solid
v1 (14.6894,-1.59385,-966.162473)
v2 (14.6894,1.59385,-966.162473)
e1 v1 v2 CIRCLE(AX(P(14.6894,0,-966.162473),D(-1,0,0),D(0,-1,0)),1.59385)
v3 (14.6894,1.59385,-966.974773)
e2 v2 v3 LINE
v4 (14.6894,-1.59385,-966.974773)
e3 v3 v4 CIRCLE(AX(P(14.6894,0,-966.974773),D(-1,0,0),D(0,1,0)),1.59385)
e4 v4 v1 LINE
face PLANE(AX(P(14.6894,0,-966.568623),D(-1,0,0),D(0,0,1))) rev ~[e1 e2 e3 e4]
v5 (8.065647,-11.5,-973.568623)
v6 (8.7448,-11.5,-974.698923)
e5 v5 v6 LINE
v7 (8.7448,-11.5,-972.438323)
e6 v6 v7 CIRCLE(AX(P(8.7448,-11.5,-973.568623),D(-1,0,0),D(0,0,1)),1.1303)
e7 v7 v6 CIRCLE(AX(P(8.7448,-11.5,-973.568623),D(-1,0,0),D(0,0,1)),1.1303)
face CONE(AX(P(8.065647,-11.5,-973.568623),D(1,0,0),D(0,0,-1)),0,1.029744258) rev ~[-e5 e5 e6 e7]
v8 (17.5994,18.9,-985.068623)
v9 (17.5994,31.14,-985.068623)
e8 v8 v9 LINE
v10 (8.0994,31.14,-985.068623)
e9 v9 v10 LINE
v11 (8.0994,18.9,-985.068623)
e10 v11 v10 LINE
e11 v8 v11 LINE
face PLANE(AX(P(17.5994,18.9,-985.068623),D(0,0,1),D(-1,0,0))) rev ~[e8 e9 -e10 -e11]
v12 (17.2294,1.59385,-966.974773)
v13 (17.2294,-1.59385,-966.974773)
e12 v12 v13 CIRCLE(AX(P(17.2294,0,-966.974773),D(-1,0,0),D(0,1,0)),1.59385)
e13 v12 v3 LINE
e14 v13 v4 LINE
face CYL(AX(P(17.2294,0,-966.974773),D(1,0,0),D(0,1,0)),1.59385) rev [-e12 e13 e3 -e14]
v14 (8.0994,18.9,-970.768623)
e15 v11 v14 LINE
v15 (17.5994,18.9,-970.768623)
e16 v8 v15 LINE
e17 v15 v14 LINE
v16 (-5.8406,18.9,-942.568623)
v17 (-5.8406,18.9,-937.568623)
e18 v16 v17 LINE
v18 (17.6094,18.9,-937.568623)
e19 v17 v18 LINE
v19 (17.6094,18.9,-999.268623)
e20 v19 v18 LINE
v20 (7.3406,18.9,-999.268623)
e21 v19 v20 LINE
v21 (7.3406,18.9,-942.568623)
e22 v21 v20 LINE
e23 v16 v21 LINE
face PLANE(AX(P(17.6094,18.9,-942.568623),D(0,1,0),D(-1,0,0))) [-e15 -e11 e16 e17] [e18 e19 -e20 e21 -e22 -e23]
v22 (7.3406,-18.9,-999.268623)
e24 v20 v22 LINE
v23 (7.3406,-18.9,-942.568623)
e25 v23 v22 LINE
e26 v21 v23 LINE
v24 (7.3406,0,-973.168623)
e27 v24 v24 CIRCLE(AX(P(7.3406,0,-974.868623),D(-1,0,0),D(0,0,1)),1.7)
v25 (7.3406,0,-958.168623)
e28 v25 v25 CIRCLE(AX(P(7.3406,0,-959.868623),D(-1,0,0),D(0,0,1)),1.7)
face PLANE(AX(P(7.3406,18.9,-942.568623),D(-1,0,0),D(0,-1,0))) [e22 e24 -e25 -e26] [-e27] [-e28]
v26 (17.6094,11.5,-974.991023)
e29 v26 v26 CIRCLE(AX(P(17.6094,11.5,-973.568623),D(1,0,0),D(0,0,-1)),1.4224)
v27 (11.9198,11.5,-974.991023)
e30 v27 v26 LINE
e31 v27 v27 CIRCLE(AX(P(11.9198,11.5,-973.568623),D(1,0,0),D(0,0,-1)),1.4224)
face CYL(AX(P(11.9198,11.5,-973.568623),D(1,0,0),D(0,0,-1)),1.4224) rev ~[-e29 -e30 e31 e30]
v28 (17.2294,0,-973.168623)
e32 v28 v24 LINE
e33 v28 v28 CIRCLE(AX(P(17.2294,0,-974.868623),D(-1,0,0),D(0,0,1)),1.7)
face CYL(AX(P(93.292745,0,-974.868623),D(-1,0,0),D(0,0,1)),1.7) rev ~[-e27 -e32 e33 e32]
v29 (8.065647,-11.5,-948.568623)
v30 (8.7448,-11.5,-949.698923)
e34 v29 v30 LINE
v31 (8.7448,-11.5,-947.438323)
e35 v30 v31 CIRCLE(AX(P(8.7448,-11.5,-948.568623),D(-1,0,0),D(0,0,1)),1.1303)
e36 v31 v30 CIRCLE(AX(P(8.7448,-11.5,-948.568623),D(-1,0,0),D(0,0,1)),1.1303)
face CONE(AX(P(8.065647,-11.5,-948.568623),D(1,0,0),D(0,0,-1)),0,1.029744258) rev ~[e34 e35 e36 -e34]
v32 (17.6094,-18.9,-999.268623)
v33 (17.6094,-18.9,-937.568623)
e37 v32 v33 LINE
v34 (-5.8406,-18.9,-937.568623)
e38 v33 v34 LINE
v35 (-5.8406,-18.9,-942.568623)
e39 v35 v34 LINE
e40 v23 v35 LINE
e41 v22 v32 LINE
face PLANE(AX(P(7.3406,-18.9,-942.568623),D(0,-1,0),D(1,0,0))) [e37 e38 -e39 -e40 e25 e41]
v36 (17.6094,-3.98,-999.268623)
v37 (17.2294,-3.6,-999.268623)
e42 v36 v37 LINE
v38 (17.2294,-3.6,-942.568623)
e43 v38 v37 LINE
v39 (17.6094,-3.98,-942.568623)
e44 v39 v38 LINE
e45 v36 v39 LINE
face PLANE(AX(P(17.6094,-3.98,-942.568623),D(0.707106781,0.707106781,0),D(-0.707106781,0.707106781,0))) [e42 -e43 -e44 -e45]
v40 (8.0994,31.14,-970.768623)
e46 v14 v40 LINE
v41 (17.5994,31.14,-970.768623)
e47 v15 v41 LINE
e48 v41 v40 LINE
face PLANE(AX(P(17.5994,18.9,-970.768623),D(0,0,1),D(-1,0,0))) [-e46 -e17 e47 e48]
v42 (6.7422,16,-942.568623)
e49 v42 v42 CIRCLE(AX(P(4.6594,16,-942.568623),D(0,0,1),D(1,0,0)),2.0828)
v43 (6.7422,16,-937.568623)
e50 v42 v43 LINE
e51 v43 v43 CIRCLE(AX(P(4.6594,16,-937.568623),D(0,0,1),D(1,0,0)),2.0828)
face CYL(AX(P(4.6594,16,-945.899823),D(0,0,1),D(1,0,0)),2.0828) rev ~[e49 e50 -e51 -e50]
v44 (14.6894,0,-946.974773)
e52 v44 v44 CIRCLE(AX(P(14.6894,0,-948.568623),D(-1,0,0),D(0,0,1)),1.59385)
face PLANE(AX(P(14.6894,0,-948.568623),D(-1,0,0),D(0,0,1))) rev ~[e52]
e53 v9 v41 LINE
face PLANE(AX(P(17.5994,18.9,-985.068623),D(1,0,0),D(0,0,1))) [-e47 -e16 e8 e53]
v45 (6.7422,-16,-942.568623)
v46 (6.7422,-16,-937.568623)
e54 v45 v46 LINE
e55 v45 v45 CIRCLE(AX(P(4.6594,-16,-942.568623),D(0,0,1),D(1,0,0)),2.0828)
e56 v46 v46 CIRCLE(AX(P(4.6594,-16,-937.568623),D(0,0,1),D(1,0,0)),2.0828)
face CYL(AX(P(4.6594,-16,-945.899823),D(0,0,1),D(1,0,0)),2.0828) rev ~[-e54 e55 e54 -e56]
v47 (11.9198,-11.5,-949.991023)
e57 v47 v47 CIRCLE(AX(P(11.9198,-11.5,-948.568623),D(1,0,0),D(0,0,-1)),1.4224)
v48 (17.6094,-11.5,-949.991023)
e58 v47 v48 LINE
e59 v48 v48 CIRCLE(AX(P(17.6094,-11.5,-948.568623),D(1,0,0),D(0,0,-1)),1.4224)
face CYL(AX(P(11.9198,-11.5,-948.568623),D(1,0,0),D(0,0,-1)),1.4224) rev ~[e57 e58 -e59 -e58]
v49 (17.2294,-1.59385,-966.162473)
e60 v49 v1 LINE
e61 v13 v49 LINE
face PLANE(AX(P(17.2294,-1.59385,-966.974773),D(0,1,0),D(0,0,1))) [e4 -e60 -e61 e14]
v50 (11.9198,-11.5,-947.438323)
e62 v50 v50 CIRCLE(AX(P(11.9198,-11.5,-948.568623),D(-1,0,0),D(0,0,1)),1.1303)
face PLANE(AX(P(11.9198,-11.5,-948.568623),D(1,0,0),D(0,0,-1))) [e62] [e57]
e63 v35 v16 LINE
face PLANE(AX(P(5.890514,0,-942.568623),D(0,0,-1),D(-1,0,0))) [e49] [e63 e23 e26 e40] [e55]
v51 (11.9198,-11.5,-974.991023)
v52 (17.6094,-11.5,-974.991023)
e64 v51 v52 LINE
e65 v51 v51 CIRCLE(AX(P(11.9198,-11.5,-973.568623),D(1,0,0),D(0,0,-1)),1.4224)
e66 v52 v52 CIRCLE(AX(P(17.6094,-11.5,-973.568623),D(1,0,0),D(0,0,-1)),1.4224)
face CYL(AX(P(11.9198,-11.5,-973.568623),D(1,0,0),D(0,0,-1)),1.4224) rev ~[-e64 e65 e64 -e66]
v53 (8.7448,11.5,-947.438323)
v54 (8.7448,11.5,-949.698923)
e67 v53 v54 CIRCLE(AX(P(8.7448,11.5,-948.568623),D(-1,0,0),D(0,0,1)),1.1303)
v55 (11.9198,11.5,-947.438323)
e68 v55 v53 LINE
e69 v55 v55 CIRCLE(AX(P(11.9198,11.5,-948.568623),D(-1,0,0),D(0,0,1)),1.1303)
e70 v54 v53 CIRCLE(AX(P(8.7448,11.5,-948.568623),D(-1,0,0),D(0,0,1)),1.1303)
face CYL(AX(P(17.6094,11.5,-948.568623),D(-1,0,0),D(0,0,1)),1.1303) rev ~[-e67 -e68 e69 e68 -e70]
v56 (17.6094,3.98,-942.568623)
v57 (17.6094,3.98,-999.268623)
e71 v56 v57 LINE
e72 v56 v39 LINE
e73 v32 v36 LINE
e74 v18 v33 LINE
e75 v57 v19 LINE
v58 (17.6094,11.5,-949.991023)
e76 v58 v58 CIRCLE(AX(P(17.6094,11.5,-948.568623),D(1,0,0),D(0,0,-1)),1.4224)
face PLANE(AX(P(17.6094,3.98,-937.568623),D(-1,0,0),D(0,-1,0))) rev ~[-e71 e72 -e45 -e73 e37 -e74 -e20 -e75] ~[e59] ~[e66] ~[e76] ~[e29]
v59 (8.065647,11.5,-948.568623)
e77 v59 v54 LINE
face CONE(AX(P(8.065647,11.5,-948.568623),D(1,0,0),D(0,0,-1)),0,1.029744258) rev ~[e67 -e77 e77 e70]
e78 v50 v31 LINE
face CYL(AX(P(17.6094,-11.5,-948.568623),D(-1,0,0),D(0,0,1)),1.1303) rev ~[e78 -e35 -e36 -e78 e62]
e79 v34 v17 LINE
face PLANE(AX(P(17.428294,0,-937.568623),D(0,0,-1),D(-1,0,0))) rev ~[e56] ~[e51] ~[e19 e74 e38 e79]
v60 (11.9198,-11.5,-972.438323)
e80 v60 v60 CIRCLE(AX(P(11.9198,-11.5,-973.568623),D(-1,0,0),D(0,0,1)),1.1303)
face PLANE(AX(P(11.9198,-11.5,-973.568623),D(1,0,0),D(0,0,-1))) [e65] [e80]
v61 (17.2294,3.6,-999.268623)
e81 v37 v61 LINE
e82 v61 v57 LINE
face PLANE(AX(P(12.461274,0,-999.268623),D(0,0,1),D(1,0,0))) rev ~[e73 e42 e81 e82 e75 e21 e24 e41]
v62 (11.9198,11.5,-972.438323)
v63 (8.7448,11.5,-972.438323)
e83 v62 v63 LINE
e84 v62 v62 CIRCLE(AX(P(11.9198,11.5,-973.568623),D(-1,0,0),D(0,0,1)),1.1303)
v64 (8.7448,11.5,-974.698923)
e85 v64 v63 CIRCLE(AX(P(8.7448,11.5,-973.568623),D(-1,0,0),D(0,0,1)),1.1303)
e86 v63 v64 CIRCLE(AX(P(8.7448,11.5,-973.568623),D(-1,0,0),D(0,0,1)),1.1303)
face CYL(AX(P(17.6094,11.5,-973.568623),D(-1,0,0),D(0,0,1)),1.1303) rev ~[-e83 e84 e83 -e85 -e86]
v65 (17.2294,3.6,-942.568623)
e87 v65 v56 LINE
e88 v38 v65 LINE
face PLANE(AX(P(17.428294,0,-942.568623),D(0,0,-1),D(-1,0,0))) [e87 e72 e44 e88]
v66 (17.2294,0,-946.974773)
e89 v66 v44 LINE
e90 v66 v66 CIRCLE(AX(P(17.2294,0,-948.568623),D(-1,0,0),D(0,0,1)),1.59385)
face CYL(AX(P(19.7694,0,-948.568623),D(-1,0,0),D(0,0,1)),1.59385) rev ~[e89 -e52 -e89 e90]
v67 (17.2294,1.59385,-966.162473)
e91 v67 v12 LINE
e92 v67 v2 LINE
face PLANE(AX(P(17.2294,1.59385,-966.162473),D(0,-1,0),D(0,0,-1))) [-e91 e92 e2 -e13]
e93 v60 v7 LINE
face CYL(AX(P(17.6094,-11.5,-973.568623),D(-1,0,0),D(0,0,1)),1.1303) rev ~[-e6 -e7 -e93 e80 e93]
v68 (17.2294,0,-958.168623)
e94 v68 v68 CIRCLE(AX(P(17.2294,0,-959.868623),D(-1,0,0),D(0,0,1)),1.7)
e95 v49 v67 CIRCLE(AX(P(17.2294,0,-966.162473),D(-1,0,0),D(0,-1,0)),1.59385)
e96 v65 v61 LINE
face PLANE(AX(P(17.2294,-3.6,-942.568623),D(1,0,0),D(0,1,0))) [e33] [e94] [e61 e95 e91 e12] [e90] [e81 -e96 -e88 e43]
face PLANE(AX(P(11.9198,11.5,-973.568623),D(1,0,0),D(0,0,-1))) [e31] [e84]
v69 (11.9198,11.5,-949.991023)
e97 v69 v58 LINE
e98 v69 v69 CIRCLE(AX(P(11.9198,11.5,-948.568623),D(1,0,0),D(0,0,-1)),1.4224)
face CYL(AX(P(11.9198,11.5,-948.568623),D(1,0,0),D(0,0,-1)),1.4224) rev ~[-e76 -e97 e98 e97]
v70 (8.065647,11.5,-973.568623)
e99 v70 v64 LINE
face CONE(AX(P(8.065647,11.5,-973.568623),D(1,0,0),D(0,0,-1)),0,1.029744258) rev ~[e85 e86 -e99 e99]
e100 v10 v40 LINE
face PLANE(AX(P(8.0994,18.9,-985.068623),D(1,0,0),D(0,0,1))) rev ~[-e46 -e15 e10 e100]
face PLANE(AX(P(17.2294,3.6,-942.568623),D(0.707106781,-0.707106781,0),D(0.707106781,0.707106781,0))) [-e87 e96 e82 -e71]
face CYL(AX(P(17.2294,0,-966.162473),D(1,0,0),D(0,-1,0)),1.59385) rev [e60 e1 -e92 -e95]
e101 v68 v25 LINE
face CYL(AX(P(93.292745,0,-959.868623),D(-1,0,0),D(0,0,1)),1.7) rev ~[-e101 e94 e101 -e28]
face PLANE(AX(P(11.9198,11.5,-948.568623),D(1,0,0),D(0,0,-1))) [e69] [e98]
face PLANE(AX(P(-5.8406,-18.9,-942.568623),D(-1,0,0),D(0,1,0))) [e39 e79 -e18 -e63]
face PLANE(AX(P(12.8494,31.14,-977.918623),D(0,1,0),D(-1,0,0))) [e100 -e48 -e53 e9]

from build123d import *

# Parameters (mm, degrees)
BASE_EXTRUDE_DEPTH              = 5
BOSS_EXTRUDE1_DEPTH             = 56.7
BOSS_EXTRUDE3_DEPTH             = 5
F_3_4_DIAMETER_HOLE1_D          = 3.4
F_4_40_TAPPED_HOLE1_D           = 2.2606
F_4_40_TAPPED_HOLE1_DEPTH       = 8.8646
F_4_40_TAPPED_HOLE1_CBORE_D     = 2.8448
F_4_40_TAPPED_HOLE1_CBORE_DEPTH = 5.6896
F_4_40_TAPPED_HOLE1_TIP         = 0.679152758
F_4_40_TAPPED_HOLE2_D           = 3.4544
F_4_40_TAPPED_HOLE2_CBORE_D     = 4.1656
F_4_40_TAPPED_HOLE2_CBORE_DEPTH = 8.3312
CUT_EXTRUDE1_DEPTH              = 2.54
HOLE1_D                         = 3.1877
HOLE1_DEPTH                     = 2.54
SKETCH14_W                      = 9.5
SKETCH14_H                      = 14.3
BOSS_EXTRUDE2_DEPTH             = 12.24


with BuildPart() as part:
    # Sketch1 → Base-Extrude (new body)
    with BuildSketch(Plane.XY.offset(-942.568622791)):
        Polygon((-5.8406, 18.9), (17.6094, 18.9), (17.6094, 3.98), (17.2294, 3.6), (17.2294, -3.6), (17.6094, -3.98), (17.6094, -18.9), (-5.8406, -18.9), align=None)
    extrude(amount=BASE_EXTRUDE_DEPTH)

    # Sketch3 → Boss-Extrude1 (add)
    with BuildSketch(Plane(origin=(0, 0, -942.568622791), x_dir=(-1, 0, 0), z_dir=(0, 0, -1))):
        Polygon((-17.6094, 3.98), (-17.6094, 18.9), (-7.3406, 18.9), (-7.3406, -18.9), (-17.6094, -18.9), (-17.6094, -3.98), (-17.2294, -3.6), (-17.2294, 3.6), align=None)
    extrude(amount=BOSS_EXTRUDE1_DEPTH)

    # Sketch15 → Boss-Extrude3 (add)
    with BuildSketch(Plane.XY.offset(-937.568622791)):
        Polygon((17.6094, -3.98), (17.2294, -3.6), (17.2294, 3.6), (17.6094, 3.98), align=None)
    extrude(amount=-BOSS_EXTRUDE3_DEPTH)

    # 3.4 Diameter Hole1 (through all)
    with Locations(Plane(origin=(17.2294, 0, 0), x_dir=(0, 0, -1), z_dir=(1, 0, 0))):
        with Locations((959.868622791, 0), (974.868622791, 0)):
            Hole(F_3_4_DIAMETER_HOLE1_D / 2)

    # #4-40 Tapped Hole1
    with Locations(Plane(origin=(17.6094, 0, 0), x_dir=(0, 0, -1), z_dir=(1, 0, 0))):
        with Locations((948.568622791, 11.5), (973.568622791, 11.5), (948.568622791, -11.5), (973.568622791, -11.5)):
            CounterBoreHole(F_4_40_TAPPED_HOLE1_D / 2, F_4_40_TAPPED_HOLE1_CBORE_D / 2, F_4_40_TAPPED_HOLE1_CBORE_DEPTH, depth=F_4_40_TAPPED_HOLE1_DEPTH)
            with Locations((0, 0, -(F_4_40_TAPPED_HOLE1_DEPTH + F_4_40_TAPPED_HOLE1_TIP / 2))):  # 118° drill point
                Cone(0, F_4_40_TAPPED_HOLE1_D / 2, F_4_40_TAPPED_HOLE1_TIP, mode=Mode.SUBTRACT)

    # #4-40 Tapped Hole2 (through all)
    with Locations(Plane.XY.offset(-937.568622791)):
        with Locations((4.6594, 16), (4.6594, -16)):
            CounterBoreHole(F_4_40_TAPPED_HOLE2_D / 2, F_4_40_TAPPED_HOLE2_CBORE_D / 2, F_4_40_TAPPED_HOLE2_CBORE_DEPTH)

    # Sketch11 → Cut-Extrude1 (cut)
    with BuildSketch(Plane(origin=(17.2294, 0, 0), x_dir=(0, 0, -1), z_dir=(1, 0, 0))):
        with BuildLine():
            Line((966.162472791, 1.59385), (966.974772791, 1.59385))
            ThreePointArc((966.974772791, 1.59385), (968.568622791, 0), (966.974772791, -1.59385))
            Line((966.974772791, -1.59385), (966.162472791, -1.59385))
            ThreePointArc((966.162472791, -1.59385), (964.568622791, 0), (966.162472791, 1.59385))
        make_face()
    extrude(amount=-CUT_EXTRUDE1_DEPTH, mode=Mode.SUBTRACT)

    # Hole1
    with Locations(Plane(origin=(17.2294, 0, 0), x_dir=(0, 0, -1), z_dir=(1, 0, 0))):
        with Locations((948.568622791, 0)):
            Hole(HOLE1_D / 2, depth=HOLE1_DEPTH)

    # Sketch14 → Boss-Extrude2 (add)
    with BuildSketch(Plane(origin=(0, 18.9, 0), x_dir=(-1, 0, 0), z_dir=(0, 1, 0))):
        with Locations((-12.8494, -977.918622791)):
            Rectangle(SKETCH14_W, SKETCH14_H)
    extrude(amount=BOSS_EXTRUDE2_DEPTH)


solid = part.part
